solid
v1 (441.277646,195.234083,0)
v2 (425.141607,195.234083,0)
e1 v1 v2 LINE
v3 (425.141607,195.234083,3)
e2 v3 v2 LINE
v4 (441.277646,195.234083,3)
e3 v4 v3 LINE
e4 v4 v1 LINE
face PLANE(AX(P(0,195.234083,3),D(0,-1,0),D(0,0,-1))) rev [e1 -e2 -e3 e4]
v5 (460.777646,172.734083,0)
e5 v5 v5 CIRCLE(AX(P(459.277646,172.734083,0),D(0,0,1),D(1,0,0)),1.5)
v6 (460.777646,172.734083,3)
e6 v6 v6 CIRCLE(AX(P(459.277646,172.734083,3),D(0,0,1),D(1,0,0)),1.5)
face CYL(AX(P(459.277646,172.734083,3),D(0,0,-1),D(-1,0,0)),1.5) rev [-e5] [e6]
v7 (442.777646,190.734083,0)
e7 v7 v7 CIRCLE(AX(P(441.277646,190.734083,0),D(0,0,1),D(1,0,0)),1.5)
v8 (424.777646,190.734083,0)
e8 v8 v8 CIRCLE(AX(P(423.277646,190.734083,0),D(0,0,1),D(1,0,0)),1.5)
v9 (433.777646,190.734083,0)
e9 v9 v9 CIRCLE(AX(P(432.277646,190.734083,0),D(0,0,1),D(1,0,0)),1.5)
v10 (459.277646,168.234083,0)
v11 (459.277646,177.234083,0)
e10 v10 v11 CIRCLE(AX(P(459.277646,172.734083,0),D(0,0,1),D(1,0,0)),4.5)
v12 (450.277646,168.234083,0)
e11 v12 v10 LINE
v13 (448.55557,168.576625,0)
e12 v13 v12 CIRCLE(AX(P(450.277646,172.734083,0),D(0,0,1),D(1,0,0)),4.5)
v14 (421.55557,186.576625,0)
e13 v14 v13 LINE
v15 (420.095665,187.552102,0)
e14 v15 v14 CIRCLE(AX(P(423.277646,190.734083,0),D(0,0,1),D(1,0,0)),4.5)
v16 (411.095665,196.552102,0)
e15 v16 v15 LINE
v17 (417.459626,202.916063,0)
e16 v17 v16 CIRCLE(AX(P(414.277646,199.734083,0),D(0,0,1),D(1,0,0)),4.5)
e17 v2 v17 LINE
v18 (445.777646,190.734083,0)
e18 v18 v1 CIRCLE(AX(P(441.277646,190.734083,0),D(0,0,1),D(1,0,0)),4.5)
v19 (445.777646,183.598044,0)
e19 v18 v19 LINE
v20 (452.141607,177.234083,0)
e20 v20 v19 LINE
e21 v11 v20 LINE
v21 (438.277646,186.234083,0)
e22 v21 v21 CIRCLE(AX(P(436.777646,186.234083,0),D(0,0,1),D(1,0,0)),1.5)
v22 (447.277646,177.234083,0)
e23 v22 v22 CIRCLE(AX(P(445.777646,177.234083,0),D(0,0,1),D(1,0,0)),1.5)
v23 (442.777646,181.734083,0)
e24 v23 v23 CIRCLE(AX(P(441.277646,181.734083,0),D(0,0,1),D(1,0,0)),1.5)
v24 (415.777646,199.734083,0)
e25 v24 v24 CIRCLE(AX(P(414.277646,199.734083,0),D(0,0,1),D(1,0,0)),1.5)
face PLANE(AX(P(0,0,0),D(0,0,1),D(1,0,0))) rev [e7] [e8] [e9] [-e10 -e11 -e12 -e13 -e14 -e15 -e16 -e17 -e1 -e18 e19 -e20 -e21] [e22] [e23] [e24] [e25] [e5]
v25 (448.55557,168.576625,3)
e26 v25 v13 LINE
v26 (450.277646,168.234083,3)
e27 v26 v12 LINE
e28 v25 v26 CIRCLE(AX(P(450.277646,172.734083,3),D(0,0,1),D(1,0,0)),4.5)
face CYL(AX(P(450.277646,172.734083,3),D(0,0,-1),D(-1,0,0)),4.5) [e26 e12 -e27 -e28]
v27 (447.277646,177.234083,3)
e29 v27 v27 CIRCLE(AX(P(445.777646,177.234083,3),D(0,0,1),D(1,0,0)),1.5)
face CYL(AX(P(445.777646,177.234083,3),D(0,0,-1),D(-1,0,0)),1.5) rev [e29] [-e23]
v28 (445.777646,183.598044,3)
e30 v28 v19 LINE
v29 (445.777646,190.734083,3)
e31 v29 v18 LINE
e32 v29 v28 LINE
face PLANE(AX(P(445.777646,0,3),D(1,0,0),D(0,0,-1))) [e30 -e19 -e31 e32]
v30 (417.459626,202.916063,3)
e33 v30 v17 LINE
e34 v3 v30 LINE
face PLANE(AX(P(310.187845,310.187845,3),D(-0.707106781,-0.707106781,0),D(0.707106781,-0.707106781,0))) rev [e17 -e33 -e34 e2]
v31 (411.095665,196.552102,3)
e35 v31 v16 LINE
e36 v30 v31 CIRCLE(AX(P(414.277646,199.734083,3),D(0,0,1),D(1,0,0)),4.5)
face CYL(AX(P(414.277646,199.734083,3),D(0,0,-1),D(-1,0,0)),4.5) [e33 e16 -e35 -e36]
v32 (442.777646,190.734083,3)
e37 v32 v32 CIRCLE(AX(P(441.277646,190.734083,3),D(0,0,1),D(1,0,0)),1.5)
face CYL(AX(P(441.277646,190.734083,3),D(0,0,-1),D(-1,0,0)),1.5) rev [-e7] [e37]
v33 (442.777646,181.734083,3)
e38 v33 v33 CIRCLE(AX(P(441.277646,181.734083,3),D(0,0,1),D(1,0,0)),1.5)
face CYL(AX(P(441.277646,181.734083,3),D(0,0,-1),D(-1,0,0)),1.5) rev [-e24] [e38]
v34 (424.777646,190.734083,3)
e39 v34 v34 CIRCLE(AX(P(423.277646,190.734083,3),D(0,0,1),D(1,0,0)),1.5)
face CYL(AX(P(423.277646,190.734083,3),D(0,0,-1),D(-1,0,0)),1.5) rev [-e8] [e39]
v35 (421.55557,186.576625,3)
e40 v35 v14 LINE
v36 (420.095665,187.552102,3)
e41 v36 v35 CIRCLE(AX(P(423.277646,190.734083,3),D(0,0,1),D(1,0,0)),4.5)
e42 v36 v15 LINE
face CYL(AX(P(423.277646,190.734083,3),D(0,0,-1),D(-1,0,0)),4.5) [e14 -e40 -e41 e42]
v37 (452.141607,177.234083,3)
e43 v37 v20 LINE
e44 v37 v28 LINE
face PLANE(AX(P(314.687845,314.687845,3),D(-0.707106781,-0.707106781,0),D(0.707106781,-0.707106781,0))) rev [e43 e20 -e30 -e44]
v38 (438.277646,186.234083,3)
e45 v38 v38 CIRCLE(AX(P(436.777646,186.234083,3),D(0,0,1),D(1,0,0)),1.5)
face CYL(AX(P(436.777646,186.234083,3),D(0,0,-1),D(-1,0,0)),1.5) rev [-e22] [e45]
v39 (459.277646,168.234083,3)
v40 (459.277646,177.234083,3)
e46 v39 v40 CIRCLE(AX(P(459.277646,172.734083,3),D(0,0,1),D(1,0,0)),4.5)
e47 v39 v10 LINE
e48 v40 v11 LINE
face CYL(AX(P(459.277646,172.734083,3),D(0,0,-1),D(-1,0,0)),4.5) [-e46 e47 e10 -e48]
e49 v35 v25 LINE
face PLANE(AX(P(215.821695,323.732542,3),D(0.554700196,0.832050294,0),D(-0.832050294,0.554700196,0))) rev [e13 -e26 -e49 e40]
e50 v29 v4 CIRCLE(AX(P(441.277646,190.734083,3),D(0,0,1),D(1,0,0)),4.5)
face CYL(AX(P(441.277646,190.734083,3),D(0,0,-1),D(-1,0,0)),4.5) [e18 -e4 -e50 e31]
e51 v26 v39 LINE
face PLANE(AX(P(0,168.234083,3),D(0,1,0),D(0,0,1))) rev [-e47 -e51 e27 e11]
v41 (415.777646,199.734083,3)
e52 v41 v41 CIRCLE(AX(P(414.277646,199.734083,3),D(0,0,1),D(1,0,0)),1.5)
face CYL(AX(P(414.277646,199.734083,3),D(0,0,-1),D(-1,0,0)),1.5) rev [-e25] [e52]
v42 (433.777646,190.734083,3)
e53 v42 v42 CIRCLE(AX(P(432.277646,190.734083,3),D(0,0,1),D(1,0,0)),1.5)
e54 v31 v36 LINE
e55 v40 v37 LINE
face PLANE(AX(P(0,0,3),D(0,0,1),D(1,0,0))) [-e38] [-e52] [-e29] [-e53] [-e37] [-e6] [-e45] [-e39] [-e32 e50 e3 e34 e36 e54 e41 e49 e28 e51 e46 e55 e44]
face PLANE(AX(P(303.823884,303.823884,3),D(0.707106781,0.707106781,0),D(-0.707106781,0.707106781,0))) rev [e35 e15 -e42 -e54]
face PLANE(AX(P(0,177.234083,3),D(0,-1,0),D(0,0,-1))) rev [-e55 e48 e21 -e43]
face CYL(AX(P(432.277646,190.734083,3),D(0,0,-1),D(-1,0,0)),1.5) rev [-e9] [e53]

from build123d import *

# Parameters (mm, degrees)
MODEL_R                 = 1.5
SALIENTE_EXTRUIR1_DEPTH = 3


with BuildPart() as part:
    # Model → Saliente-Extruir1 (new body)
    with BuildSketch(Plane.XY):
        with BuildLine():
            ThreePointArc((420.095665246, 187.552102229), (420.777579713, 186.992469489), (421.555570316, 186.576624848))
            Line((421.555570316, 186.576624848), (447.102329028, 169.545452373))
            Line((447.102329028, 169.545452373), (448.555570316, 168.576624848))
            ThreePointArc((448.555570316, 168.576624848), (449.399739312, 168.320548983), (450.277645761, 168.234082745))
            Line((450.277645761, 168.234082745), (459.277645761, 168.234082745))
            ThreePointArc((459.277645761, 168.234082745), (463.777645761, 172.734082745), (459.277645761, 177.234082745))
            Line((459.277645761, 177.234082745), (452.141606792, 177.234082745))
            Line((452.141606792, 177.234082745), (445.777645761, 183.598043775))
            Line((445.777645761, 183.598043775), (445.777645761, 190.734082745))
            ThreePointArc((445.777645761, 190.734082745), (444.459626276, 193.91606326), (441.277645761, 195.234082745))
            Line((441.277645761, 195.234082745), (425.141606792, 195.234082745))
            Line((425.141606792, 195.234082745), (417.459626276, 202.91606326))
            ThreePointArc((417.459626276, 202.91606326), (411.095665246, 202.91606326), (411.095665246, 196.552102229))
            Line((411.095665246, 196.552102229), (420.095665246, 187.552102229))
        make_face()
        with Locations((459.277645761, 172.734082745)):
            Circle(MODEL_R, mode=Mode.SUBTRACT)
        with Locations((445.777645761, 177.234082745)):
            Circle(MODEL_R, mode=Mode.SUBTRACT)
        with Locations((441.277645761, 181.734082745)):
            Circle(MODEL_R, mode=Mode.SUBTRACT)
        with Locations((423.277645761, 190.734082745)):
            Circle(MODEL_R, mode=Mode.SUBTRACT)
        with Locations((436.777645761, 186.234082745)):
            Circle(MODEL_R, mode=Mode.SUBTRACT)
        with Locations((432.277645761, 190.734082745)):
            Circle(MODEL_R, mode=Mode.SUBTRACT)
        with Locations((414.277645761, 199.734082745)):
            Circle(MODEL_R, mode=Mode.SUBTRACT)
        with Locations((441.277645761, 190.734082745)):
            Circle(MODEL_R, mode=Mode.SUBTRACT)
    extrude(amount=SALIENTE_EXTRUIR1_DEPTH)


solid = part.part
